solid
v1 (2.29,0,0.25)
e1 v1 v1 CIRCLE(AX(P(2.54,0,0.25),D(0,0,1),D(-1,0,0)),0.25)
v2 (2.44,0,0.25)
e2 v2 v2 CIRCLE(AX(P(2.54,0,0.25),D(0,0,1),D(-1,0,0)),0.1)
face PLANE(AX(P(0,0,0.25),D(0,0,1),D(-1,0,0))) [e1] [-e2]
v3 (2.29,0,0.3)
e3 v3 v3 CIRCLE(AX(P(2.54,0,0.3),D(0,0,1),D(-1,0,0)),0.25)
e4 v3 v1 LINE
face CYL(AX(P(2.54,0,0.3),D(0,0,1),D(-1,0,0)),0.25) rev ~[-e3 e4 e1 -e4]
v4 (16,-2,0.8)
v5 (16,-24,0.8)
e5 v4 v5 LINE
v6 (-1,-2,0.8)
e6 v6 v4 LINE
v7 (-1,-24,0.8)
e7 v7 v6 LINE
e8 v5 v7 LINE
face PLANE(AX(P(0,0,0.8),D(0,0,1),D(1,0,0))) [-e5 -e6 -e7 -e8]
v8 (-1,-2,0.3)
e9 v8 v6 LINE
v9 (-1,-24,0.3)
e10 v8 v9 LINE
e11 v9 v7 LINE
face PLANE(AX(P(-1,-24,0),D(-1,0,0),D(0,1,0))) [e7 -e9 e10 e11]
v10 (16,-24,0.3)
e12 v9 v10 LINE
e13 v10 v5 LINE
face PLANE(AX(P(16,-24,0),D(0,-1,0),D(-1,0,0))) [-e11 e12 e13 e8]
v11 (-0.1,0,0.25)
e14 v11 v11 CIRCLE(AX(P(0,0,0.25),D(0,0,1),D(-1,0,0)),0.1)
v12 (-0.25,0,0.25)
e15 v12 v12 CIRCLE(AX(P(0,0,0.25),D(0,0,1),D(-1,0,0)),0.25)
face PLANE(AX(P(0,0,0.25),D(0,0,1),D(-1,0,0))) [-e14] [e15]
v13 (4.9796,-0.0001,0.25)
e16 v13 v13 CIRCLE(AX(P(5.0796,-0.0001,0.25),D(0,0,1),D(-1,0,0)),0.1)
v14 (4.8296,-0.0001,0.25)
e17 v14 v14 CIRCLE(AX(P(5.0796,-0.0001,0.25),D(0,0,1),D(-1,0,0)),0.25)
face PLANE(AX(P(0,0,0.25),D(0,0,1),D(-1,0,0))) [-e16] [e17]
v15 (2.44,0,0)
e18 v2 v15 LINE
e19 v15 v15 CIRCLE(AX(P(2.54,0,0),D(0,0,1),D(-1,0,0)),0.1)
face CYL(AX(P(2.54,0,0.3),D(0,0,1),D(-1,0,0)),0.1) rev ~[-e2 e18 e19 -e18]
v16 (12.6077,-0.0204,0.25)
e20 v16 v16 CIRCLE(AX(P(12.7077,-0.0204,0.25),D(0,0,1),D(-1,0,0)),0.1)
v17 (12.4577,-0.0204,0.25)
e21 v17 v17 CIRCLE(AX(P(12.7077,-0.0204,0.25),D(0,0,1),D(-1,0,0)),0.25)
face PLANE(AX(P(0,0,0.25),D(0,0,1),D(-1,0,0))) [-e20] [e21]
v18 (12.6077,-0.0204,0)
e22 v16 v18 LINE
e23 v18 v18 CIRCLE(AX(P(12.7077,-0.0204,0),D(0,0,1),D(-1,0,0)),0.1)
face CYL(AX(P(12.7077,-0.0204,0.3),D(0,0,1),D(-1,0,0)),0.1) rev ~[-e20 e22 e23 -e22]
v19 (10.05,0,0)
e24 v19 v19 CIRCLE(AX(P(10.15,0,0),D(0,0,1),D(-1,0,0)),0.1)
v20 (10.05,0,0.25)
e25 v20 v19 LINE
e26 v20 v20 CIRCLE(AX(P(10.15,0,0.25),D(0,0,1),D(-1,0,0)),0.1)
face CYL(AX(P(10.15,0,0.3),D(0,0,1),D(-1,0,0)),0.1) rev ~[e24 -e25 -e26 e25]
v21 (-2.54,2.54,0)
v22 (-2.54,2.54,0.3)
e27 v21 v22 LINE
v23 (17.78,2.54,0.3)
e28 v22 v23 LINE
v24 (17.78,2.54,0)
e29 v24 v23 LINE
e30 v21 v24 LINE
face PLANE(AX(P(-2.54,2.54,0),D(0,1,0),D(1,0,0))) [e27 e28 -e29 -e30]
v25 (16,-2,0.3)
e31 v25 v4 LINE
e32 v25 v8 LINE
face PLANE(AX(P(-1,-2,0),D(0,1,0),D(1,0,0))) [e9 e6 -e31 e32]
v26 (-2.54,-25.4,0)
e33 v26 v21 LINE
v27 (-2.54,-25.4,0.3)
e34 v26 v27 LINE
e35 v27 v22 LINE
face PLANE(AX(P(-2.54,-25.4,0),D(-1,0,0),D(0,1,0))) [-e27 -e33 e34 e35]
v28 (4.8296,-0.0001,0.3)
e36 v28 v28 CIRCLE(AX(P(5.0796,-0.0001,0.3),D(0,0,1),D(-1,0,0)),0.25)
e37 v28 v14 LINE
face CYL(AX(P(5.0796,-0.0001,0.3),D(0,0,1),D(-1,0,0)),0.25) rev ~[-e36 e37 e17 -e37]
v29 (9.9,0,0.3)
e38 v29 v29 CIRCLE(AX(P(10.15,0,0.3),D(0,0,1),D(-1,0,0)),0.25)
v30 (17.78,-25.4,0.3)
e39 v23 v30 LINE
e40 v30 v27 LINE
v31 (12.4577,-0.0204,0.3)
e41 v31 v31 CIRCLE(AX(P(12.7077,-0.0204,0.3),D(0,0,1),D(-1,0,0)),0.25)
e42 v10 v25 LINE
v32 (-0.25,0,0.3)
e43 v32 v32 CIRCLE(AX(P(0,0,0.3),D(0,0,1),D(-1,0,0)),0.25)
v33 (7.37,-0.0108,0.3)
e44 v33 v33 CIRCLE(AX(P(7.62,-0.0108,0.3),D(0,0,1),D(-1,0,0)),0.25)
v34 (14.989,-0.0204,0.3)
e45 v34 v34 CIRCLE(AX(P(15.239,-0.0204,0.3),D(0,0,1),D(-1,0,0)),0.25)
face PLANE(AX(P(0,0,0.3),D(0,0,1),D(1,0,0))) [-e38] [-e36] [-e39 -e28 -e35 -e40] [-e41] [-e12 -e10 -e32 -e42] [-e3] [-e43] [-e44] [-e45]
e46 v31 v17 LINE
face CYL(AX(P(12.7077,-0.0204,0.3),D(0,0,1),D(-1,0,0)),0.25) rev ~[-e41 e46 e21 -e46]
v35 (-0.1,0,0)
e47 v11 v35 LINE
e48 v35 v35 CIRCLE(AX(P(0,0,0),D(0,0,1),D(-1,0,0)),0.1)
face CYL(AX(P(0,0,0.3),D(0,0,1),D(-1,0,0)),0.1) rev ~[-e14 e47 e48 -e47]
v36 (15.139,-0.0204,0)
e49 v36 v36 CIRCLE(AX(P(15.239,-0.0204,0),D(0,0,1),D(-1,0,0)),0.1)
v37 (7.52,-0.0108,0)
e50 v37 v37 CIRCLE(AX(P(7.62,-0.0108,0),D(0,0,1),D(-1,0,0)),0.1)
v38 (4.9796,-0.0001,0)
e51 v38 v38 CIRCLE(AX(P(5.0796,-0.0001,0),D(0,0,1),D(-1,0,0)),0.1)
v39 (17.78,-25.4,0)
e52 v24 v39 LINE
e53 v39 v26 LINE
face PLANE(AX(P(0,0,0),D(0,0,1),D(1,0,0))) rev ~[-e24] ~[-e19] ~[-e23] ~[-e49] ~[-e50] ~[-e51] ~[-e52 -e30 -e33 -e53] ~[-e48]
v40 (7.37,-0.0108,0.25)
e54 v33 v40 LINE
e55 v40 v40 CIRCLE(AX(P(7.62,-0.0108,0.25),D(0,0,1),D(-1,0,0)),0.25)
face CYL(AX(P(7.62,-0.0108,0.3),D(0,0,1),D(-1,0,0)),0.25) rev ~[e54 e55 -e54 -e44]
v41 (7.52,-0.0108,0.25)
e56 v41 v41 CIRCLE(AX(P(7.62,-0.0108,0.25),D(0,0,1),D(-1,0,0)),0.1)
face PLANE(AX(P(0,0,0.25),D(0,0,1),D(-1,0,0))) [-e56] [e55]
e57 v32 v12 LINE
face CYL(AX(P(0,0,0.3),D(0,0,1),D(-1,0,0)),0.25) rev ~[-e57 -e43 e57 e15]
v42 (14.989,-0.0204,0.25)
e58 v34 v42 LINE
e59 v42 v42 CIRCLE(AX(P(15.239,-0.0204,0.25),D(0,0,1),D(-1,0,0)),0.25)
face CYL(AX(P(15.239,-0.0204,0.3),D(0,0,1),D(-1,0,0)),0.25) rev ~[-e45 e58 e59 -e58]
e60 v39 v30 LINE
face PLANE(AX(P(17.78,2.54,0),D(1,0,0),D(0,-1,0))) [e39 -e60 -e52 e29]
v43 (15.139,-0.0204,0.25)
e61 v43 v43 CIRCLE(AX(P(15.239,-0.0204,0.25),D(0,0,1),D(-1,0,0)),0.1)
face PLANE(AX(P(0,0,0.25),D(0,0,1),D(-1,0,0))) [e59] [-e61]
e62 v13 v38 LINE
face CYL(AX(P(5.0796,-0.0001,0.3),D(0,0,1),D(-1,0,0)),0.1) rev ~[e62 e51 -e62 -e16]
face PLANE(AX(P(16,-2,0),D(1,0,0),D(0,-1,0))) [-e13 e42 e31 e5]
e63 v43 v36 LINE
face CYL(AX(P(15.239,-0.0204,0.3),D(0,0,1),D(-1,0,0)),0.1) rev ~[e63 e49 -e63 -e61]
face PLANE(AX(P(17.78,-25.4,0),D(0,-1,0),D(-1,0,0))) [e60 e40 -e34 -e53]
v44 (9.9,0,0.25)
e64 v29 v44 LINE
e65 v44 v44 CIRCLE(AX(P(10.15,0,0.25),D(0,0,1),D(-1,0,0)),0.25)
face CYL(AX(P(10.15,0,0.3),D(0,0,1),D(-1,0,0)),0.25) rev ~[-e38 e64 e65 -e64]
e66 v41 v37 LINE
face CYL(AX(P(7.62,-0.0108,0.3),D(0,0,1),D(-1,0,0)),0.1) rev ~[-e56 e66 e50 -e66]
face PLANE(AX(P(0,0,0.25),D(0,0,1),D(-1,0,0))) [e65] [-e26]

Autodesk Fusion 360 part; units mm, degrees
sketch "Esboço1" plane through (0, 0, 0) normal (0, 0, 1) x (1, 0, 0)
  line L0 (-2.54, 2.54) -> (17.78, 2.54)
  line L1 (17.78, 2.54) -> (17.78, -25.4)
  line L2 (17.78, -25.4) -> (-2.54, -25.4)
  line L3 (-2.54, -25.4) -> (-2.54, 2.54)
extrude "Extrusão1" add sketch "Esboço1" along normal blind 0.3
sketch "Esboço2" plane through (0, 0, 0) normal (0, 0, 1) x (1, 0, 0)
  line L0 (-1, -2) -> (16, -2)
  line L1 (16, -2) -> (16, -24)
  line L2 (16, -24) -> (-1, -24)
  line L3 (-1, -24) -> (-1, -2)
extrude "Extrusão2" add sketch "Esboço2" along normal blind 0.8
sketch "Esboço3" plane through (0, 0, 0.3) normal (0, 0, 1) x (-1, 0, 0)
  line L0 (1, 24) -> (1, 2)
  line L1 (1, 2) -> (-16, 2)
  line L2 (-16, 2) -> (-16, 24)
  line L3 (-16, 24) -> (1, 24)
  line L4 (2.54, 25.4) -> (-17.78, 25.4)
  line L5 (-17.78, 25.4) -> (-17.78, -2.54)
  line L6 (-17.78, -2.54) -> (2.54, -2.54)
  line L7 (2.54, -2.54) -> (2.54, 25.4)
  circle A0 centre (0, 0) radius 0.25
  circle A1 centre (-2.5, 0) radius 0.25
  curve A2
  circle A3 centre (-7.62, 0.0108) radius 0.25
  circle A4 centre (-10.15, 0) radius 0.25
  circle A5 centre (-12.7077, 0.0204) radius 0.25
  circle A6 centre (-15.239, 0.0204) radius 0.25
  dimension "d5" = 0.5
  dimension "d6" = 0.5
  dimension "d7" = 0.5
  dimension "d8" = 0.5
  dimension "d9" = 0.5
  dimension "d10" = 0.5
  dimension "d11" = 0.5
extrude "Extrusão3" cut sketch "Esboço3" against normal blind 0.05 contours A3 | A4 | A5 | A6
sketch "Esboço4" plane through (0, 0, 0.3) normal (0, 0, 1) x (-1, 0, 0)
  circle A0 centre (-12.7077, 0.0204) radius 0.25
  circle A1 centre (-10.15, 0) radius 0.25
  circle A2 centre (-15.239, 0.0204) radius 0.25
  circle A3 centre (-7.62, 0.0108) radius 0.25
  line L0 (1, 24) -> (1, 2)
  line L1 (1, 2) -> (-16, 2)
  line L2 (-16, 2) -> (-16, 24)
  line L3 (-16, 24) -> (1, 24)
  line L4 (2.54, 25.4) -> (-17.78, 25.4)
  line L5 (-17.78, 25.4) -> (-17.78, -2.54)
  line L6 (-17.78, -2.54) -> (2.54, -2.54)
  line L7 (2.54, -2.54) -> (2.54, 25.4)
  circle A4 centre (-5.0796, 0.0001) radius 0.25
  circle A5 centre (-2.54, 0) radius 0.25
  circle A6 centre (0, 0) radius 0.25
  dimension "d14" = 0.5
  dimension "d15" = 0.5
  dimension "d16" = 0.5
extrude "Extrusão4" cut sketch "Esboço4" against normal blind 0.05 contours A4 | A5 | A6
sketch "Esboço5" plane through (0, 0, 0.3) normal (0, 0, 1) x (-1, 0, 0)
  circle A0 centre (-5.0796, 0.0001) radius 0.25
  circle A1 centre (-2.54, 0) radius 0.25
  circle A2 centre (0, 0) radius 0.25
  circle A3 centre (-12.7077, 0.0204) radius 0.25
  circle A4 centre (-10.15, 0) radius 0.25
  circle A5 centre (-15.239, 0.0204) radius 0.25
  circle A6 centre (-7.62, 0.0108) radius 0.25
  line L0 (1, 24) -> (1, 2)
  line L1 (1, 2) -> (-16, 2)
  line L2 (-16, 2) -> (-16, 24)
  line L3 (-16, 24) -> (1, 24)
  line L4 (2.54, 25.4) -> (-17.78, 25.4)
  line L5 (-17.78, 25.4) -> (-17.78, -2.54)
  line L6 (-17.78, -2.54) -> (2.54, -2.54)
  line L7 (2.54, -2.54) -> (2.54, 25.4)
  circle A7 centre (0, 0) radius 0.1
  circle A8 centre (-2.54, 0) radius 0.1
  circle A9 centre (-5.0796, 0.0001) radius 0.1
  circle A10 centre (-7.62, 0.0108) radius 0.1
  circle A11 centre (-10.15, 0) radius 0.1
  circle A12 centre (-12.7077, 0.0204) radius 0.1
  circle A13 centre (-15.239, 0.0204) radius 0.1
  dimension "d19" = 0.2
  dimension "d20" = 0.2
  dimension "d21" = 0.2
  dimension "d22" = 0.2
  dimension "d23" = 0.2
  dimension "d24" = 0.2
  dimension "d25" = 0.2
extrude "Extrusão5" cut sketch "Esboço5" against normal blind 2 contours A7 | A8 | A9 | A10 | A11 | A12 | A13
